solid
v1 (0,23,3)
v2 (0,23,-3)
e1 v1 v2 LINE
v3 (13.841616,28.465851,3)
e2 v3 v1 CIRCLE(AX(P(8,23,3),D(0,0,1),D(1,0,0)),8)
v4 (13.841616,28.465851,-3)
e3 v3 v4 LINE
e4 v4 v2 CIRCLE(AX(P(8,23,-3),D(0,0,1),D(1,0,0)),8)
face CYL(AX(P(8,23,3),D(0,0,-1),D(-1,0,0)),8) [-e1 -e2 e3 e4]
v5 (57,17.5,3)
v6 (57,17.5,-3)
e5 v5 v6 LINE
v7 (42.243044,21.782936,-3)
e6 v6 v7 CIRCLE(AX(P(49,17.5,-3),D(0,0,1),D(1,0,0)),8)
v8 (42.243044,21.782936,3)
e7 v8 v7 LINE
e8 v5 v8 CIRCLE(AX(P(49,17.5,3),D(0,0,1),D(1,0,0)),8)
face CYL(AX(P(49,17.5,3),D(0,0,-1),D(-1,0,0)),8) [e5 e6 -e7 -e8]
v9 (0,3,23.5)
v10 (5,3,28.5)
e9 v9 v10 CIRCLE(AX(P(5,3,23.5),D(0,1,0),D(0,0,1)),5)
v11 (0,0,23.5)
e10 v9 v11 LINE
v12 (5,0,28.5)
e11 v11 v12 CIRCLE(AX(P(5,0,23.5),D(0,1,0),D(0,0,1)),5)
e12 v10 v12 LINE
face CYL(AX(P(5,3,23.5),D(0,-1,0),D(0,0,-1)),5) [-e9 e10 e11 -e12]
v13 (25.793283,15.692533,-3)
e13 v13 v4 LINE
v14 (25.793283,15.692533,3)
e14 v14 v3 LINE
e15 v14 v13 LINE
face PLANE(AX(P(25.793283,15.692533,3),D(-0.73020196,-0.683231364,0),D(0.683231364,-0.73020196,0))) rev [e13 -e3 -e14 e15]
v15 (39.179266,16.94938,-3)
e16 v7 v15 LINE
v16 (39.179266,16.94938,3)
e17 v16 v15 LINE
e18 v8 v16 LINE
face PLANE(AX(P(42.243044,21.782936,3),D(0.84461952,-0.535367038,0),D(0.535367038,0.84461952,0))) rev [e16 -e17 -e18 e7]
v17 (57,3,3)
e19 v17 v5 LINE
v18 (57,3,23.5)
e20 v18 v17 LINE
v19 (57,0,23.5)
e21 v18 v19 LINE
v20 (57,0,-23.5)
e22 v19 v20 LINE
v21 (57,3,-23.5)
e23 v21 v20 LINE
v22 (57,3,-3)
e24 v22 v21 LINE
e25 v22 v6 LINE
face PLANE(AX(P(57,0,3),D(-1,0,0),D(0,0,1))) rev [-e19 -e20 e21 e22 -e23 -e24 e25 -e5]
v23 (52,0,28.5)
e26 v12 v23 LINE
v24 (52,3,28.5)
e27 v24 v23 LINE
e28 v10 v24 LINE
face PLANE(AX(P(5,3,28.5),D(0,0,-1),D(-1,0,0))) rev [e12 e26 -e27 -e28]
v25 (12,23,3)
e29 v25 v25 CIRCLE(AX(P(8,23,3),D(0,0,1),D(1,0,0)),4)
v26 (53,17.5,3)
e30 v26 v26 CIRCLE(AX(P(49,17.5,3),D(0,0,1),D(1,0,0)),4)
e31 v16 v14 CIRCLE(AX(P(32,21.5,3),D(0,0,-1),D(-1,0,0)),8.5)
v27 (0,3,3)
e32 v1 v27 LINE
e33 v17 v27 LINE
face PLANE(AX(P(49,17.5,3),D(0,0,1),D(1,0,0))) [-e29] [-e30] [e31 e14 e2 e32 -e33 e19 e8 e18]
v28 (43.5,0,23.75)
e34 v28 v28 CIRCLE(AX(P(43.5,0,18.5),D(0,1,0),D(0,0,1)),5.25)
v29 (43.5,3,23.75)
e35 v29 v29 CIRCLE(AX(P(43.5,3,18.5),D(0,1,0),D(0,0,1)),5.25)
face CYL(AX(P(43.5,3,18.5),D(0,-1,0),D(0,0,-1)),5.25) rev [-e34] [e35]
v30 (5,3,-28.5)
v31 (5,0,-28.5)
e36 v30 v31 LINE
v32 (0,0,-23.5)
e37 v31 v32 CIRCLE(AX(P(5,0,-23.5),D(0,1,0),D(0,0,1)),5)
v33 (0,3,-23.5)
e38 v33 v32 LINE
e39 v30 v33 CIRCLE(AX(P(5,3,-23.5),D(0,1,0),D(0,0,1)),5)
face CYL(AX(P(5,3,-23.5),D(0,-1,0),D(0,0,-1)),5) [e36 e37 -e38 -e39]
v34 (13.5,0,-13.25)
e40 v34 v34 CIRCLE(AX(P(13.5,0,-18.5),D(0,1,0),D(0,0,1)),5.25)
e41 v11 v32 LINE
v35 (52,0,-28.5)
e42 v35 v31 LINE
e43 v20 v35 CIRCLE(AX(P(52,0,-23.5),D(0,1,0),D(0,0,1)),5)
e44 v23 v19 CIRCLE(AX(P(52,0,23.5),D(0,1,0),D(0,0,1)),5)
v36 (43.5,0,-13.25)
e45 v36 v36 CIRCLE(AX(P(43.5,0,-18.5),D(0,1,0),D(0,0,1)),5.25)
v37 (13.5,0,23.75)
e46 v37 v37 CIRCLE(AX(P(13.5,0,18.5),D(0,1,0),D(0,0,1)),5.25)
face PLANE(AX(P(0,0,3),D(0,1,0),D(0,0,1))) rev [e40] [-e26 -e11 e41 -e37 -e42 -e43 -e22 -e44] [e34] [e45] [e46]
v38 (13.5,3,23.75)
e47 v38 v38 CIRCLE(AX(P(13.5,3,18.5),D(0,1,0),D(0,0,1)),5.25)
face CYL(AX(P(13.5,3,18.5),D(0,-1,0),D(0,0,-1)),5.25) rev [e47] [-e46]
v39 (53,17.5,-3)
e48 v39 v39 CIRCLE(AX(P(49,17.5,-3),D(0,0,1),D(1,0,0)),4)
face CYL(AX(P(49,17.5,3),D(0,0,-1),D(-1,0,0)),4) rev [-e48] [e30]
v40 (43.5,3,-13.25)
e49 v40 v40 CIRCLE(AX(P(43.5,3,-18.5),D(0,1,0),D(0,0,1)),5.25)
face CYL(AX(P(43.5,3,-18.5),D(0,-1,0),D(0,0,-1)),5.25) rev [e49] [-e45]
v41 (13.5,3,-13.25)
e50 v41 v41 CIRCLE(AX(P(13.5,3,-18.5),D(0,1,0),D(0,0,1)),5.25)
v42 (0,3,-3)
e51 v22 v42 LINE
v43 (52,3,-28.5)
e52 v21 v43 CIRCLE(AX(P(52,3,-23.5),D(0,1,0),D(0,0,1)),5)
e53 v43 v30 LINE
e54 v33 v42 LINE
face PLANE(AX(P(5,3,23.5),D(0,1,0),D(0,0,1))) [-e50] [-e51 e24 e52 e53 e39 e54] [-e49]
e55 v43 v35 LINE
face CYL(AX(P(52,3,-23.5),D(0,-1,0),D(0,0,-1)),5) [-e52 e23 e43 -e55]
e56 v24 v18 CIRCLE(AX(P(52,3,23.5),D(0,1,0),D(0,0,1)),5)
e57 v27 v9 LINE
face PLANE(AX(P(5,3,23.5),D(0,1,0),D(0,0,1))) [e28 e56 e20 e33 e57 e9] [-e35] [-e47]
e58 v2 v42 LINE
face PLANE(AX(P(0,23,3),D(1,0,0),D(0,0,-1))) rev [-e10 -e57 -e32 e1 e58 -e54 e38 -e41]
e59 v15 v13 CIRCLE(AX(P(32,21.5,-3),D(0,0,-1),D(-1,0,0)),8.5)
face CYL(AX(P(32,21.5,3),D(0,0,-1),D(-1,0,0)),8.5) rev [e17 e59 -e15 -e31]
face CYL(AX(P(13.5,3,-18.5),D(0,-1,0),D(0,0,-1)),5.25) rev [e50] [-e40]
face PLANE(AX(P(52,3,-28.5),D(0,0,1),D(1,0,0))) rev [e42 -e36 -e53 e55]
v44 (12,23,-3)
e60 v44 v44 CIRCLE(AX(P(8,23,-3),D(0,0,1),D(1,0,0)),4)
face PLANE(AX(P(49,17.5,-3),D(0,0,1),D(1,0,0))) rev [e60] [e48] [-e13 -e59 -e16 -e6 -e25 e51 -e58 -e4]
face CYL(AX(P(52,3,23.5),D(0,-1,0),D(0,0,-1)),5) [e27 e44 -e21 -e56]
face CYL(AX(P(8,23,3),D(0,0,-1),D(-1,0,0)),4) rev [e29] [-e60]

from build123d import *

# Parameters (mm, degrees)
EXTRUDE_1_DEPTH      = 3
EXTRUDE_1_DEPTH_BACK = 3
SKETCH_1_R           = 4
SKETCH_2_R           = 5.25
EXTRUDE_2_DEPTH      = 3


with BuildPart() as part:
    # 草图1 → 凸台-拉伸1 (new, two sides: drawn at the far end of the back side and taken through both)
    with BuildSketch(Plane.XY.offset(-EXTRUDE_1_DEPTH_BACK)):
        with BuildLine():
            Line((0, 0), (57, 0))
            Line((57, 0), (57, 17.5))
            ThreePointArc((57, 17.5), (51.229837516, 25.182956765), (42.243043837, 21.782936307))
            Line((42.243043837, 21.782936307), (39.179265923, 16.949380174))
            ThreePointArc((39.179265923, 16.949380174), (32.794593586, 13.037221435), (25.793283338, 15.692533403))
            Line((25.793283338, 15.692533403), (13.841615682, 28.465850915))
            ThreePointArc((13.841615682, 28.465850915), (5.061711847, 30.44086438), (0, 23))
            Line((0, 23), (0, 0))
        make_face()
        with Locations((49, 17.5)):
            Circle(SKETCH_1_R, mode=Mode.SUBTRACT)
        with Locations((8, 23)):
            Circle(SKETCH_1_R, mode=Mode.SUBTRACT)
    extrude(amount=EXTRUDE_1_DEPTH + EXTRUDE_1_DEPTH_BACK)

    # 草图2 → 凸台-拉伸2 (add)
    with BuildSketch(Plane(origin=(0, 0, 0), x_dir=(1, 0, 0), z_dir=(0, 1, 0))):
        with BuildLine():
            Line((5, -28.5), (52, -28.5))
            ThreePointArc((52, -28.5), (55.535533906, -27.035533906), (57, -23.5))
            Line((57, -23.5), (57, 23.5))
            ThreePointArc((57, 23.5), (55.535533906, 27.035533906), (52, 28.5))
            Line((52, 28.5), (5, 28.5))
            ThreePointArc((5, 28.5), (1.464466094, 27.035533906), (0, 23.5))
            Line((0, 23.5), (0, -23.5))
            ThreePointArc((0, -23.5), (1.464466094, -27.035533906), (5, -28.5))
        make_face()
        with Locations((43.5, -18.5)):
            Circle(SKETCH_2_R, mode=Mode.SUBTRACT)
        with Locations((43.5, 18.5)):
            Circle(SKETCH_2_R, mode=Mode.SUBTRACT)
        with Locations((13.5, -18.5)):
            Circle(SKETCH_2_R, mode=Mode.SUBTRACT)
        with Locations((13.5, 18.5)):
            Circle(SKETCH_2_R, mode=Mode.SUBTRACT)
    extrude(amount=EXTRUDE_2_DEPTH)


solid = part.part
